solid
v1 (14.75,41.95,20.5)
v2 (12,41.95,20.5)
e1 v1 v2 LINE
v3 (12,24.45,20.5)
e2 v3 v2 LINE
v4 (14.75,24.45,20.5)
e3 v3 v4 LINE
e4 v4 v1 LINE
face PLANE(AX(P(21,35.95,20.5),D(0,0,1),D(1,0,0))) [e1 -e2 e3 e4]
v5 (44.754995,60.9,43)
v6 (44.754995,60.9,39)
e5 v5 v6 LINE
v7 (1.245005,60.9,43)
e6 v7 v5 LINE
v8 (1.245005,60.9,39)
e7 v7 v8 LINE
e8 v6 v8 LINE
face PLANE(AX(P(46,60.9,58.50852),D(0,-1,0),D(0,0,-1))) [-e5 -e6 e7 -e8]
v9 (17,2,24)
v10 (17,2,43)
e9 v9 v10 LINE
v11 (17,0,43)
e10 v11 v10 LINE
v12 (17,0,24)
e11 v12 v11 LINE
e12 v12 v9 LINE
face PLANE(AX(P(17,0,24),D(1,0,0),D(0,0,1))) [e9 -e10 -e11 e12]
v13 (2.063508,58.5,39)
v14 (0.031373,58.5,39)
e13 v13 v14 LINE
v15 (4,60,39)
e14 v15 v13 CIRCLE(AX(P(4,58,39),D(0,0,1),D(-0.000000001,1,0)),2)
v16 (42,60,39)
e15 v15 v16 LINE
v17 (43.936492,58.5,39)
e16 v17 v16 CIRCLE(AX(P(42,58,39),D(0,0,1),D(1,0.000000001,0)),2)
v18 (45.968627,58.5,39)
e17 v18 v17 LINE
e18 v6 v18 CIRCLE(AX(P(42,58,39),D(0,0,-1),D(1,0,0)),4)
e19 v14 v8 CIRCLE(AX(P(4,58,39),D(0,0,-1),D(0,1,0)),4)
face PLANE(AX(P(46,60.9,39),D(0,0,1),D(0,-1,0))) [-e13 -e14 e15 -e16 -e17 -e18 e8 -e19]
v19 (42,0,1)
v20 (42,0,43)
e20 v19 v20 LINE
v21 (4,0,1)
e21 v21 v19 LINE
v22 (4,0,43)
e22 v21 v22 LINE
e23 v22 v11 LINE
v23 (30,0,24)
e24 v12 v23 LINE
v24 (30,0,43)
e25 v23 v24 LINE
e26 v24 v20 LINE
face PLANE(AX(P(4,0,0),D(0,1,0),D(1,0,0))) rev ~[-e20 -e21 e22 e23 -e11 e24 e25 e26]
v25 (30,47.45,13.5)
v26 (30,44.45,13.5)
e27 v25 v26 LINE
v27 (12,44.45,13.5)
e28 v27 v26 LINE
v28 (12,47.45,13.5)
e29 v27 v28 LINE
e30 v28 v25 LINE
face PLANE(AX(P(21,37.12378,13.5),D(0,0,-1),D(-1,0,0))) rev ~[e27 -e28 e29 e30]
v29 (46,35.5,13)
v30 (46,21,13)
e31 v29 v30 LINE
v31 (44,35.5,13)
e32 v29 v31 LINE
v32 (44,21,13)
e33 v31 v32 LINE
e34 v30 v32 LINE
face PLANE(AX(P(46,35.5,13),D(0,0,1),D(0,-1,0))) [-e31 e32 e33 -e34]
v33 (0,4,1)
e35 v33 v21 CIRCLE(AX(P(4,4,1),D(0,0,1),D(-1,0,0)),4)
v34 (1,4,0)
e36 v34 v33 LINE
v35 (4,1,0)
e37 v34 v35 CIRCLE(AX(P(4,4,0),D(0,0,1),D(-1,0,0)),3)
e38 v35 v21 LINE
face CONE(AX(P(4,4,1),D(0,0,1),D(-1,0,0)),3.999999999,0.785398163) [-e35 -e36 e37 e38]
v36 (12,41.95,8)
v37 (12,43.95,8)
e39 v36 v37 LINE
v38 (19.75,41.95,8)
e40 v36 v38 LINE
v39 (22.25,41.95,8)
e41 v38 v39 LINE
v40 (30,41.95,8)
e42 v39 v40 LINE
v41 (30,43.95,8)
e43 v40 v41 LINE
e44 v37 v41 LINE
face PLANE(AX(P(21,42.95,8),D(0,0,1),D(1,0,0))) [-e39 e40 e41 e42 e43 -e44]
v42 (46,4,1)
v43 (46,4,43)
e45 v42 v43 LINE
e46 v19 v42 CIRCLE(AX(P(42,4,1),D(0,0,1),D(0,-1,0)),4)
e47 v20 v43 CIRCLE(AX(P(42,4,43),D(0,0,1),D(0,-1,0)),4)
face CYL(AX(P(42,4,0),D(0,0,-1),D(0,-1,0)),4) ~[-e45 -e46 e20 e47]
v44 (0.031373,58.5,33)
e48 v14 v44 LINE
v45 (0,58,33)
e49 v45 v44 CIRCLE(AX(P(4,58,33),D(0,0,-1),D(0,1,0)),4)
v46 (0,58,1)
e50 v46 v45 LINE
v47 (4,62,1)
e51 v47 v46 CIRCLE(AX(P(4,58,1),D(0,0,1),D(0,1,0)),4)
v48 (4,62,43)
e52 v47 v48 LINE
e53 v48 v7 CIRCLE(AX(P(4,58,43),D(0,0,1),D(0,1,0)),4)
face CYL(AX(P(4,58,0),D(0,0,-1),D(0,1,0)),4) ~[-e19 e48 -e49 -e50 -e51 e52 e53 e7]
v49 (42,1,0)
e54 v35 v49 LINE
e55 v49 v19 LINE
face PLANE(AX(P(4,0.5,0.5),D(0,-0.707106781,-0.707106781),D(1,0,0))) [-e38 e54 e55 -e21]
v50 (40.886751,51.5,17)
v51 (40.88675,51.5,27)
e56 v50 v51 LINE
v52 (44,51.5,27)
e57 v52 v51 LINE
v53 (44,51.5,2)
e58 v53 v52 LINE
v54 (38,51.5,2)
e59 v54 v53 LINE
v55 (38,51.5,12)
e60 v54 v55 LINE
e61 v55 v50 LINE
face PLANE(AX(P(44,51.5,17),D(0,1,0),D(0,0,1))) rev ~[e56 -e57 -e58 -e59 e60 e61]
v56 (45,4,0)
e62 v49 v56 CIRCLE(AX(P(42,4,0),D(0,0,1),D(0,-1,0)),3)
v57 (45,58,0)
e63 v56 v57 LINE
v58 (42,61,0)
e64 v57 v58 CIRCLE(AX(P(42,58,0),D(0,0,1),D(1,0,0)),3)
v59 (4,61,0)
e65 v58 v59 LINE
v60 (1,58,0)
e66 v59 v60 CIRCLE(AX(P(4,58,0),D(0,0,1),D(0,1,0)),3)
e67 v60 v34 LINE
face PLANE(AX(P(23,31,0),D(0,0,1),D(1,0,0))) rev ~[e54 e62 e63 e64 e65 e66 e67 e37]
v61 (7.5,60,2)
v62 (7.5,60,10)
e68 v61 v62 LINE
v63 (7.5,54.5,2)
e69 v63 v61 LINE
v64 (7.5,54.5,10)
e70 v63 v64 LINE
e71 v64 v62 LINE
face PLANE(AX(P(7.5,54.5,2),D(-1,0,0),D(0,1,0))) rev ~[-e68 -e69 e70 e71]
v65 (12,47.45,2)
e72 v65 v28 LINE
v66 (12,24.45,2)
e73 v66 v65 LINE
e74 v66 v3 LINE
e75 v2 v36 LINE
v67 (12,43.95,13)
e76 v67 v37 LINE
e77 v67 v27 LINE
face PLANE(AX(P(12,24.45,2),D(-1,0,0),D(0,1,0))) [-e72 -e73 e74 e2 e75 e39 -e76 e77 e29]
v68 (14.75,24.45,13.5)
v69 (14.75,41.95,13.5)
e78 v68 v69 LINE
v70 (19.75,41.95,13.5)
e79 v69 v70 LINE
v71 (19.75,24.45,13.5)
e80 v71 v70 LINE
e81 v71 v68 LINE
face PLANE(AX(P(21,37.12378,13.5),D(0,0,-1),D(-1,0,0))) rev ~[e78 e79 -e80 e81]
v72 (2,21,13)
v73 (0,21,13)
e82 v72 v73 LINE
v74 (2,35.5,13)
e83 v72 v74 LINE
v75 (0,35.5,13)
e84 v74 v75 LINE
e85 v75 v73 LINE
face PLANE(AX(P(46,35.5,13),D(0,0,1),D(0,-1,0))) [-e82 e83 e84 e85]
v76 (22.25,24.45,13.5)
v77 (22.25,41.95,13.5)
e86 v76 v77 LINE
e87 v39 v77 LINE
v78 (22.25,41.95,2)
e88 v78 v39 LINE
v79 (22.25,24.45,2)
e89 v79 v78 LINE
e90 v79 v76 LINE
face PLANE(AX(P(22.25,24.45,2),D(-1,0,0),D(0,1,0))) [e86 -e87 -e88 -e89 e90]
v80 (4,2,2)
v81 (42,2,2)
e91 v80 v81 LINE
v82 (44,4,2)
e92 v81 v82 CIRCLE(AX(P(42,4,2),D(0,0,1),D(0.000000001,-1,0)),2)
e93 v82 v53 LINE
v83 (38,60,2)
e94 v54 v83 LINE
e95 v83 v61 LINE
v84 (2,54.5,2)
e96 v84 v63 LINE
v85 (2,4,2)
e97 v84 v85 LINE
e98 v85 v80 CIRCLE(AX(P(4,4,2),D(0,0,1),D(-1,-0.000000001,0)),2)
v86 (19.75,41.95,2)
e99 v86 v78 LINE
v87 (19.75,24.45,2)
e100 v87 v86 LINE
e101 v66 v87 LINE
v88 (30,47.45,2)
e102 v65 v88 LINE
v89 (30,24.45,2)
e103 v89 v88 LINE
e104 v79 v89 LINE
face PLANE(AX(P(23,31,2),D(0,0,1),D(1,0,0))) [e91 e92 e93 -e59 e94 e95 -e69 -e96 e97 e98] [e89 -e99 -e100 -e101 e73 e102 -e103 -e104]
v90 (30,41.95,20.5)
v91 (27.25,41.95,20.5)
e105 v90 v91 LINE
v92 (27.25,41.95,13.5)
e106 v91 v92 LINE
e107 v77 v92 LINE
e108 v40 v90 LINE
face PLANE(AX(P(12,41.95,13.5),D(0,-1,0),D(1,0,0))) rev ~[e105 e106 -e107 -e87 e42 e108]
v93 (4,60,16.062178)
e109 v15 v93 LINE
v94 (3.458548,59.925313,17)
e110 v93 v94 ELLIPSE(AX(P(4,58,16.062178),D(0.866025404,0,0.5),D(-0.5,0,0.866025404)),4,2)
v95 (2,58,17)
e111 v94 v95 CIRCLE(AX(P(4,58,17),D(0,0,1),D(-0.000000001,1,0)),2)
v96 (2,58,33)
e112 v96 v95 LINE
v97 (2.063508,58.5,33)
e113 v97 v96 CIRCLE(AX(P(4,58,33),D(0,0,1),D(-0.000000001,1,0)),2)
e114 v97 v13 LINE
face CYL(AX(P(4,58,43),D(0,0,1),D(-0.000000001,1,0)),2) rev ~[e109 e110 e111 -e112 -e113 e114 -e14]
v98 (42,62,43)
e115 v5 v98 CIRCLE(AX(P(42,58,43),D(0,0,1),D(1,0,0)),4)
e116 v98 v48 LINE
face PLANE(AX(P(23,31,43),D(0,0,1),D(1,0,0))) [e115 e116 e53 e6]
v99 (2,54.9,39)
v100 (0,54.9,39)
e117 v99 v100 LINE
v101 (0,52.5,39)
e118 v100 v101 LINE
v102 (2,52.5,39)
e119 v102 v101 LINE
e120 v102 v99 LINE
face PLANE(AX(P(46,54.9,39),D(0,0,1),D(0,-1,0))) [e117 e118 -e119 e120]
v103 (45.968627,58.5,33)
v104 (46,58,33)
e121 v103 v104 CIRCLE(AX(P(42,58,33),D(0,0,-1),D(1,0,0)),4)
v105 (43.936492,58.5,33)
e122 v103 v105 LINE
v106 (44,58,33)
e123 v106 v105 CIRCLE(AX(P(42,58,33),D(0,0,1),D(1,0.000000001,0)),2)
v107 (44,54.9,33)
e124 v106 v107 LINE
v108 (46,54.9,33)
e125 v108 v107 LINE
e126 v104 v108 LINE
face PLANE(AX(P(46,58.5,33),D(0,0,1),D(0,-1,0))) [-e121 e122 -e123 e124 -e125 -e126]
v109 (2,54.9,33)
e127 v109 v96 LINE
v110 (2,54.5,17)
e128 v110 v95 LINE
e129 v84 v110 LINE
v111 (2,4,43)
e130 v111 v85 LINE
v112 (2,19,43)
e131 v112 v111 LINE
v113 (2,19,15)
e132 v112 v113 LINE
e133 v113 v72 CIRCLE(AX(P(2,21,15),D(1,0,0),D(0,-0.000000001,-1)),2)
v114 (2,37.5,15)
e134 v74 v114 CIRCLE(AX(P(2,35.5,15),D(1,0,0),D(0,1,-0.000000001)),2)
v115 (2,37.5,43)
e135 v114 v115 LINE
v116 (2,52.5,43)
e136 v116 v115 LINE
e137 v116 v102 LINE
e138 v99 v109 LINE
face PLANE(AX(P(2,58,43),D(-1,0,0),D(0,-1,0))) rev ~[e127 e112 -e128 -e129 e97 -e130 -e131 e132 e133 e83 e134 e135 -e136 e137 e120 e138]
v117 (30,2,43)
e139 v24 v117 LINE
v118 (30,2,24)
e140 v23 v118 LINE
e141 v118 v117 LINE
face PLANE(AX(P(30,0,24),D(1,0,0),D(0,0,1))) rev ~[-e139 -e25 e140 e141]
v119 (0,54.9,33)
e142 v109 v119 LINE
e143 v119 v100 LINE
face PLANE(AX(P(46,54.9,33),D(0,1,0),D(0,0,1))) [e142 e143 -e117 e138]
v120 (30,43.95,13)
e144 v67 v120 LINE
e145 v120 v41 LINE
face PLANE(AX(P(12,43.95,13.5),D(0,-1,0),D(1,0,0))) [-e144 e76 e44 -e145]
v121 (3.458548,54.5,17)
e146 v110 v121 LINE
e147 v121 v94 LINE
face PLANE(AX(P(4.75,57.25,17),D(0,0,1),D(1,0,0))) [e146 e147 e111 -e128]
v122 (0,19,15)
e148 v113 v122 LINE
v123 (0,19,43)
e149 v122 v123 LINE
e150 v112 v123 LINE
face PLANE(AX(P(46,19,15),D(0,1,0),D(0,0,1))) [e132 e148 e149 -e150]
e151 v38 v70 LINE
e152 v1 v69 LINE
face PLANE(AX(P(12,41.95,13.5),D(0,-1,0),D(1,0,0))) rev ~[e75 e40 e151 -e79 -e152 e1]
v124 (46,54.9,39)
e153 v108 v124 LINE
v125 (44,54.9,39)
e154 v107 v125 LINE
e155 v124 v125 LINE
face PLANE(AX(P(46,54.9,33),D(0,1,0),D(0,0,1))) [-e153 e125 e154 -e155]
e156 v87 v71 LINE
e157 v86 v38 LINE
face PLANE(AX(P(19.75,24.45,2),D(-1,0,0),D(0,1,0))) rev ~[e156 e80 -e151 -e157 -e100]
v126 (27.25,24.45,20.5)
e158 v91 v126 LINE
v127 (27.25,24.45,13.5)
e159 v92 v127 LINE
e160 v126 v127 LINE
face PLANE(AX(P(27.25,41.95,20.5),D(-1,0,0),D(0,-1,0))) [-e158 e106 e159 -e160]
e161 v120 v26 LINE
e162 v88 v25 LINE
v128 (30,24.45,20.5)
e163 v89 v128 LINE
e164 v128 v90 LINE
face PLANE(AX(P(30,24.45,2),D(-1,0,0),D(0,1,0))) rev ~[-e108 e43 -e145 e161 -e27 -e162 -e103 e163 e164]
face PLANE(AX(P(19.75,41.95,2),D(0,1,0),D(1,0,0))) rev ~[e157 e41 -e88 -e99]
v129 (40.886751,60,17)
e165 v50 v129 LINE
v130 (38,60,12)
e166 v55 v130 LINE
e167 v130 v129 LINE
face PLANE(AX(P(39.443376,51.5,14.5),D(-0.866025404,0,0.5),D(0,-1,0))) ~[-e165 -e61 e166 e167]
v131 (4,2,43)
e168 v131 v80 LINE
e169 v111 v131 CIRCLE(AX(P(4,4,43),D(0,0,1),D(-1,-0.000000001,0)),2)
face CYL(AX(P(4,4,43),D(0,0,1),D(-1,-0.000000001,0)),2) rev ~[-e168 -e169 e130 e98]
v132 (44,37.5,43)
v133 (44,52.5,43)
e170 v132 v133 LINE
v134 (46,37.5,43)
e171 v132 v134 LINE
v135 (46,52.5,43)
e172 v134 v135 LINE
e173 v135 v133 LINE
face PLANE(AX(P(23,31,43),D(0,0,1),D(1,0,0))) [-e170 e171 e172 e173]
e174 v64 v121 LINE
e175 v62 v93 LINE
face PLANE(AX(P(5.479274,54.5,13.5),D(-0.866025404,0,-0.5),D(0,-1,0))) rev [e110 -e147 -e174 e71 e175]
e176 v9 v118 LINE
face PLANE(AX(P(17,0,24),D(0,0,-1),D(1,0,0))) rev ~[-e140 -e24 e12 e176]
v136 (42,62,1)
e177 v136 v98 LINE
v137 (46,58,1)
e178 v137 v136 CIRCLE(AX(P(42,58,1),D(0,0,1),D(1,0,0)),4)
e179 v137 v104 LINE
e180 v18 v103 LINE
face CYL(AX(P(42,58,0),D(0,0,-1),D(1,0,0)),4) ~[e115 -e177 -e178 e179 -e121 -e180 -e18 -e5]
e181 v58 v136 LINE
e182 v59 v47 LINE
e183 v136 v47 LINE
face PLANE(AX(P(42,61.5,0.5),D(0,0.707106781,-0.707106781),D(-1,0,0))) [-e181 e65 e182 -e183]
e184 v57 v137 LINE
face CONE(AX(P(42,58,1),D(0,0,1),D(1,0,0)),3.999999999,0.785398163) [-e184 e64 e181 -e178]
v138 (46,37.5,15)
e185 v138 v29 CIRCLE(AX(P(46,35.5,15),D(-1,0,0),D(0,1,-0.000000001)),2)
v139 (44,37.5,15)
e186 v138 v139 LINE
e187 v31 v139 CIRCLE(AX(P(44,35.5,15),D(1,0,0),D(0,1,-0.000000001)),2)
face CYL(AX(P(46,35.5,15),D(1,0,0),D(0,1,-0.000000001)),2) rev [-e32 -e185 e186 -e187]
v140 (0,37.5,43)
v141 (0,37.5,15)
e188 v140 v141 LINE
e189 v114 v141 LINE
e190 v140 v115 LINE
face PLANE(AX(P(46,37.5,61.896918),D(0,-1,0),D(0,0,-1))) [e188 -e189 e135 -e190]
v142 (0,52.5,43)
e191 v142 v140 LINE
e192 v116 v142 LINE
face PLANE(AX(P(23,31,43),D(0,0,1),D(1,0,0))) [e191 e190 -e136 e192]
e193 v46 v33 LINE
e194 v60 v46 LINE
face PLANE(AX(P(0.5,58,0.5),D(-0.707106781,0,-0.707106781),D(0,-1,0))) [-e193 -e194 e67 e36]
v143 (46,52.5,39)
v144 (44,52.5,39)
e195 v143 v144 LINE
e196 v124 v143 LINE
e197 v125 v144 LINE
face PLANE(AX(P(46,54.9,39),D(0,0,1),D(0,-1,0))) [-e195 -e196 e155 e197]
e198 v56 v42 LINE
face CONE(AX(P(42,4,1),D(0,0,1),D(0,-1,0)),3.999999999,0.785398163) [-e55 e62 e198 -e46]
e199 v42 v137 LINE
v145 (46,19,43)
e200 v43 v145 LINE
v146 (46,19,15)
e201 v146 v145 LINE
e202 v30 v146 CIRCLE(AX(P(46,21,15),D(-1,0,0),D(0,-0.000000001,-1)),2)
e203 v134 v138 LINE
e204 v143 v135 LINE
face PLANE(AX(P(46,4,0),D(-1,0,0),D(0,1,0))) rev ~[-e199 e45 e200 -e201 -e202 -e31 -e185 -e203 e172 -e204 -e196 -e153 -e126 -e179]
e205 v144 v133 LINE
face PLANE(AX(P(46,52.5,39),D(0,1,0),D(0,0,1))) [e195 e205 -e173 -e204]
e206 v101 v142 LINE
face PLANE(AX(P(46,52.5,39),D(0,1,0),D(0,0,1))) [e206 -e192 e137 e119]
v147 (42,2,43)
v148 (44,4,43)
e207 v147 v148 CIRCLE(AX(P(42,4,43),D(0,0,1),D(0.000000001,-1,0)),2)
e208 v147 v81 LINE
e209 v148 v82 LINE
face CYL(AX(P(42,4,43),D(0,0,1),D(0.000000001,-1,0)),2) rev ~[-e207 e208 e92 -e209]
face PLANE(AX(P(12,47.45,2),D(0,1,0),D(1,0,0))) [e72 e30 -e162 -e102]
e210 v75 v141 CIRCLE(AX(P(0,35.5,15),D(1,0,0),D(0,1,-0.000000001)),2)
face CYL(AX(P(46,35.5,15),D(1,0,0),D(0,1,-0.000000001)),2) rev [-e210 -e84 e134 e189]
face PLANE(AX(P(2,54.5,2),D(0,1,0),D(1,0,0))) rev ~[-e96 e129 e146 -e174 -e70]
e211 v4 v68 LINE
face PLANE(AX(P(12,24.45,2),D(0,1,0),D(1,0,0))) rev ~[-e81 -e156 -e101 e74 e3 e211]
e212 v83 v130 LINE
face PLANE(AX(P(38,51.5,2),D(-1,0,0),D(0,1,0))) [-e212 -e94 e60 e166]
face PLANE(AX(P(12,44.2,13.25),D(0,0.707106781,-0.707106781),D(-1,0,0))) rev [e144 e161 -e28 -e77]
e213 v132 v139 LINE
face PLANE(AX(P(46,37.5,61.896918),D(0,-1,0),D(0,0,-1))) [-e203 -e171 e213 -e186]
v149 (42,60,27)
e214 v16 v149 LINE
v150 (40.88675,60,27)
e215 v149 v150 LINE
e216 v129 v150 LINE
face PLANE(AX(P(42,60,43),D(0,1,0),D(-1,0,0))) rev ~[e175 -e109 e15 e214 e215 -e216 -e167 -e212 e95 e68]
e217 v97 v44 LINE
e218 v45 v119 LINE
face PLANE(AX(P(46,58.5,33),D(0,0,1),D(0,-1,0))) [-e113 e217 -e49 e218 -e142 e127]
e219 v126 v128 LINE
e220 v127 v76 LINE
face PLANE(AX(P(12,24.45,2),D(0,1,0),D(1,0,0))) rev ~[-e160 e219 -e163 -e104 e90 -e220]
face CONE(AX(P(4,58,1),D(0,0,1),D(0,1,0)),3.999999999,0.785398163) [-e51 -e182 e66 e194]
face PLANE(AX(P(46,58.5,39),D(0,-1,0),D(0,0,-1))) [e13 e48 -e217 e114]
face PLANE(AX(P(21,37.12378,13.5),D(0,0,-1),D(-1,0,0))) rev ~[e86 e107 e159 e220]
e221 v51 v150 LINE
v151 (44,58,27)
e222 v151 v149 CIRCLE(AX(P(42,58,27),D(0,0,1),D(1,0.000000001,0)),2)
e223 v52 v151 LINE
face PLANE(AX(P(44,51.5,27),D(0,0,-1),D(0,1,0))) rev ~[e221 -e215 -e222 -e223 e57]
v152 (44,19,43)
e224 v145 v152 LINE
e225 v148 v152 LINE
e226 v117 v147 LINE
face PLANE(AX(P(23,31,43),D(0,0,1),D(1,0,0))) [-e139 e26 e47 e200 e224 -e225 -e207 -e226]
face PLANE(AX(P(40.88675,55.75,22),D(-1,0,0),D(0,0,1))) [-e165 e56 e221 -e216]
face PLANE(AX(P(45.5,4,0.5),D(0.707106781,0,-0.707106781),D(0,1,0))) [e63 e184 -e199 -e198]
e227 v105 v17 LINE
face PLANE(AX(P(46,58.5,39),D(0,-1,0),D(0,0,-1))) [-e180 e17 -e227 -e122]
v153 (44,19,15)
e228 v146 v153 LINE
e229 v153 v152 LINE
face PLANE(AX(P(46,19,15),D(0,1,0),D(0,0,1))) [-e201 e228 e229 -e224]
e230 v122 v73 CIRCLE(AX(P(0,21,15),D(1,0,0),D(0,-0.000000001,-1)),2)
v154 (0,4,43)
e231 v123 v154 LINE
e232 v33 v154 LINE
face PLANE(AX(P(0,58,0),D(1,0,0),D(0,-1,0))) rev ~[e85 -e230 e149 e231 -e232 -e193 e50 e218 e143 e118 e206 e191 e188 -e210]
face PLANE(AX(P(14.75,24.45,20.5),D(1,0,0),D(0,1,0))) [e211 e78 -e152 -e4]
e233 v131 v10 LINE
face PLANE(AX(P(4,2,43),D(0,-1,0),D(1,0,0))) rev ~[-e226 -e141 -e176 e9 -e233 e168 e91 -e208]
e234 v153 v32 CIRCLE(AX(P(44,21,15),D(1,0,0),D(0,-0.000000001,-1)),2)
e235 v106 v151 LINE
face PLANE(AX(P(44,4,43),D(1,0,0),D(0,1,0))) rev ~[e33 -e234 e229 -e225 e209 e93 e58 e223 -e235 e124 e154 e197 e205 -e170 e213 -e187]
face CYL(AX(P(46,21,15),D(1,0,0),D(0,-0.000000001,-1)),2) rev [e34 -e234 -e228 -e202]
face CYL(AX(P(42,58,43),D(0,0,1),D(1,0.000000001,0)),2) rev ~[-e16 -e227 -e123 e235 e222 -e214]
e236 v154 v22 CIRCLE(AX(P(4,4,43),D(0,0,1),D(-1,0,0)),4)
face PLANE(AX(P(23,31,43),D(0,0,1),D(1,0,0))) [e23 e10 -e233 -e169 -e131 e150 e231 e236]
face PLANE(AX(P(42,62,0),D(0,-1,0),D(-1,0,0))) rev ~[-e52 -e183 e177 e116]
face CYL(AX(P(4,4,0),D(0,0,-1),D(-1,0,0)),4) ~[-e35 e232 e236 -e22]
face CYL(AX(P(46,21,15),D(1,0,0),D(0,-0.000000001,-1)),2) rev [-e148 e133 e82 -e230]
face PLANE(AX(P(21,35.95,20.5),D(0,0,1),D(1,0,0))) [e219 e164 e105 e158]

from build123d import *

# Parameters (mm, degrees)
BOSS_EXTRU_1_DEPTH      = 43
ENL_V_MAT_EXTRU_1_DEPTH = 41
ENL_V_MAT_EXTRU_2_DEPTH = 89.36854644
CHANFREIN1_SIZE         = 1
ENL_V_MAT_EXTRU_3_DEPTH = 89.36854644
ESQUISSE6_W             = 18
ESQUISSE6_H             = 23
BOSS_EXTRU_2_DEPTH      = 18.5
ENL_V_MAT_EXTRU_4_DEPTH = 7
ESQUISSE8_W             = 18
ESQUISSE8_H             = 2
ENL_V_MAT_EXTRU_5_DEPTH = 5.5
ESQUISSE9_W             = 13
ESQUISSE9_H             = 19
ENL_V_MAT_EXTRU_6_DEPTH = 3
CHANFREIN2_SIZE         = 0.5
ENL_V_START             = -11.5
ESQUISSE14_W            = 2.5
ESQUISSE14_H            = 17.5
ENL_V_MAT_EXTRU_7_DEPTH = 11.5
ESQUISSE15_W            = 5.5
ESQUISSE15_H            = 5.5
ESQUISSE15_W_2          = 6
ESQUISSE15_H_2          = 8.5
BOSS_EXTRU_4_DEPTH      = 15
CHANFREIN3_SIZE         = 7
CHANFREIN3_SIZE2        = 4.041451884
CHANFREIN4_SIZE         = 5
CHANFREIN4_SIZE2        = 2.886751346
ESQUISSE16_W            = 10
ESQUISSE16_H            = 8.5
BOSS_EXTRU_5_DEPTH      = 3.11325


with BuildPart() as part:
    # Esquisse1 → Boss.-Extru.1 (new body)
    with BuildSketch(Plane.XY):
        with BuildLine():
            Line((4, 0), (42, 0))
            ThreePointArc((42, 0), (44.828427125, 1.171572875), (46, 4))
            Line((46, 4), (46, 58))
            ThreePointArc((46, 58), (44.828427125, 60.828427125), (42, 62))
            Line((42, 62), (4, 62))
            ThreePointArc((4, 62), (1.171572875, 60.828427125), (0, 58))
            Line((0, 58), (0, 4))
            ThreePointArc((0, 4), (1.171572875, 1.171572875), (4, 0))
        make_face()
    extrude(amount=BOSS_EXTRU_1_DEPTH)

    # Esquisse3 → Enlèv. mat.-Extru.1 (cut)
    with BuildSketch(Plane.XY.offset(43)):
        with BuildLine():
            Line((2, 58), (2, 4))
            ThreePointArc((2, 4), (2.585786438, 2.585786438), (4, 2))
            Line((4, 2), (42, 2))
            ThreePointArc((42, 2), (43.414213562, 2.585786438), (44, 4))
            Line((44, 4), (44, 58))
            ThreePointArc((44, 58), (43.414213562, 59.414213562), (42, 60))
            Line((42, 60), (4, 60))
            ThreePointArc((4, 60), (2.585786438, 59.414213562), (2, 58))
        make_face()
    extrude(amount=-ENL_V_MAT_EXTRU_1_DEPTH, mode=Mode.SUBTRACT)

    # Esquisse4 → Enlèv. mat.-Extru.2 (cut, through all)
    with BuildSketch(Plane(origin=(46, 0, 0), x_dir=(0, 0, -1), z_dir=(1, 0, 0))):
        Polygon((-58.508519511, 60.9), (-39, 60.9), (-39, 58.5), (-33, 58.5), (-33, 54.9), (-39, 54.9), (-39, 52.5), (-58.508519511, 52.5), align=None)
    extrude(amount=-ENL_V_MAT_EXTRU_2_DEPTH, mode=Mode.SUBTRACT)

    # Chanfrein1
    chanfrein1_edges = [part.edges().sort_by_distance(p)[0] for p in [
        (46, 31, 0),
        (44.828427125, 1.171572875, 0),
        (23, 0, 0),
        (1.171572875, 1.171572875, 0),
        (0, 31, 0),
        (1.171572875, 60.828427125, 0),
        (23, 62, 0),
        (44.828427125, 60.828427125, 0),
    ]]
    chamfer(chanfrein1_edges, length=CHANFREIN1_SIZE)

    # Esquisse5 → Enlèv. mat.-Extru.3 (cut, through all)
    with BuildSketch(Plane(origin=(46, 0, 0), x_dir=(0, 0, -1), z_dir=(1, 0, 0))):
        with BuildLine():
            Line((-61.896917985, 37.5), (-15, 37.5))
            ThreePointArc((-15, 37.5), (-13.585786438, 36.914213562), (-13, 35.5))
            Line((-13, 35.5), (-13, 21))
            ThreePointArc((-13, 21), (-13.585786438, 19.585786438), (-15, 19))
            Line((-15, 19), (-61.896917985, 19))
            Line((-61.896917985, 19), (-61.896917985, 37.5))
        make_face()
    extrude(amount=-ENL_V_MAT_EXTRU_3_DEPTH, mode=Mode.SUBTRACT)

    # Esquisse6 → Boss.-Extru.2 (add)
    with BuildSketch(Plane.XY.offset(2)):
        with Locations((21, 35.95)):
            Rectangle(ESQUISSE6_W, ESQUISSE6_H)
    extrude(amount=BOSS_EXTRU_2_DEPTH)

    # Esquisse7 → Enlèv. mat.-Extru.4 (cut)
    with BuildSketch(Plane.XY.offset(20.5)):
        Polygon((12, 41.95), (12, 47.45), (30, 47.45), (30, 41.95), (27.25, 41.95), (27.25, 24.45), (14.75, 24.45), (14.75, 41.95), align=None)
    extrude(amount=-ENL_V_MAT_EXTRU_4_DEPTH, mode=Mode.SUBTRACT)

    # Esquisse8 → Enlèv. mat.-Extru.5 (cut)
    with BuildSketch(Plane.XY.offset(13.5)):
        with Locations((21, 42.95)):
            Rectangle(ESQUISSE8_W, ESQUISSE8_H)
    extrude(amount=-ENL_V_MAT_EXTRU_5_DEPTH, mode=Mode.SUBTRACT)

    # Esquisse9 → Enlèv. mat.-Extru.6 (cut)
    with BuildSketch(Plane.XZ):
        with Locations((23.5, 33.5)):
            Rectangle(ESQUISSE9_W, ESQUISSE9_H)
    extrude(amount=-ENL_V_MAT_EXTRU_6_DEPTH, mode=Mode.SUBTRACT)

    # Chanfrein2
    chanfrein2_edges = [part.edges().sort_by_distance(p)[0] for p in [
        (21, 43.95, 13.5),
    ]]
    chamfer(chanfrein2_edges, length=CHANFREIN2_SIZE)

    # Esquisse14 → Enlèv. mat.-Extru.7 (cut)
    with BuildSketch(Plane.XY.offset(13.5).offset(ENL_V_START)):
        with Locations((21, 33.2)):
            Rectangle(ESQUISSE14_W, ESQUISSE14_H)
    extrude(amount=ENL_V_MAT_EXTRU_7_DEPTH, mode=Mode.SUBTRACT)

    # Esquisse15 → Boss.-Extru.4 (add)
    with BuildSketch(Plane.XY.offset(2)):
        with Locations((4.75, 57.25)):
            Rectangle(ESQUISSE15_W, ESQUISSE15_H)
        with Locations((41, 55.75)):
            Rectangle(ESQUISSE15_W_2, ESQUISSE15_H_2)
    extrude(amount=BOSS_EXTRU_4_DEPTH)

    # Chanfrein3
    chanfrein3_edges = [part.edges().sort_by_distance(p)[0] for p in [
        (7.5, 57.25, 17),
    ]]
    chanfrein3_side = [part.faces().sort_by_distance(p)[0] for p in [
        (7.5, 57.25, 9.5),
    ]]
    chamfer(chanfrein3_edges, length=CHANFREIN3_SIZE, length2=CHANFREIN3_SIZE2, reference=chanfrein3_side[0])

    # Chanfrein4
    chanfrein4_edges = [part.edges().sort_by_distance(p)[0] for p in [
        (38, 55.75, 17),
    ]]
    chanfrein4_side = [part.faces().sort_by_distance(p)[0] for p in [
        (38, 55.75, 9.5),
    ]]
    chamfer(chanfrein4_edges, length=CHANFREIN4_SIZE, length2=CHANFREIN4_SIZE2, reference=chanfrein4_side[0])

    # Esquisse16 → Boss.-Extru.5 (add)
    with BuildSketch(Plane.ZY.offset(-44)):
        with Locations((22, 55.75)):
            Rectangle(ESQUISSE16_W, ESQUISSE16_H)
    extrude(amount=BOSS_EXTRU_5_DEPTH)


solid = part.part
